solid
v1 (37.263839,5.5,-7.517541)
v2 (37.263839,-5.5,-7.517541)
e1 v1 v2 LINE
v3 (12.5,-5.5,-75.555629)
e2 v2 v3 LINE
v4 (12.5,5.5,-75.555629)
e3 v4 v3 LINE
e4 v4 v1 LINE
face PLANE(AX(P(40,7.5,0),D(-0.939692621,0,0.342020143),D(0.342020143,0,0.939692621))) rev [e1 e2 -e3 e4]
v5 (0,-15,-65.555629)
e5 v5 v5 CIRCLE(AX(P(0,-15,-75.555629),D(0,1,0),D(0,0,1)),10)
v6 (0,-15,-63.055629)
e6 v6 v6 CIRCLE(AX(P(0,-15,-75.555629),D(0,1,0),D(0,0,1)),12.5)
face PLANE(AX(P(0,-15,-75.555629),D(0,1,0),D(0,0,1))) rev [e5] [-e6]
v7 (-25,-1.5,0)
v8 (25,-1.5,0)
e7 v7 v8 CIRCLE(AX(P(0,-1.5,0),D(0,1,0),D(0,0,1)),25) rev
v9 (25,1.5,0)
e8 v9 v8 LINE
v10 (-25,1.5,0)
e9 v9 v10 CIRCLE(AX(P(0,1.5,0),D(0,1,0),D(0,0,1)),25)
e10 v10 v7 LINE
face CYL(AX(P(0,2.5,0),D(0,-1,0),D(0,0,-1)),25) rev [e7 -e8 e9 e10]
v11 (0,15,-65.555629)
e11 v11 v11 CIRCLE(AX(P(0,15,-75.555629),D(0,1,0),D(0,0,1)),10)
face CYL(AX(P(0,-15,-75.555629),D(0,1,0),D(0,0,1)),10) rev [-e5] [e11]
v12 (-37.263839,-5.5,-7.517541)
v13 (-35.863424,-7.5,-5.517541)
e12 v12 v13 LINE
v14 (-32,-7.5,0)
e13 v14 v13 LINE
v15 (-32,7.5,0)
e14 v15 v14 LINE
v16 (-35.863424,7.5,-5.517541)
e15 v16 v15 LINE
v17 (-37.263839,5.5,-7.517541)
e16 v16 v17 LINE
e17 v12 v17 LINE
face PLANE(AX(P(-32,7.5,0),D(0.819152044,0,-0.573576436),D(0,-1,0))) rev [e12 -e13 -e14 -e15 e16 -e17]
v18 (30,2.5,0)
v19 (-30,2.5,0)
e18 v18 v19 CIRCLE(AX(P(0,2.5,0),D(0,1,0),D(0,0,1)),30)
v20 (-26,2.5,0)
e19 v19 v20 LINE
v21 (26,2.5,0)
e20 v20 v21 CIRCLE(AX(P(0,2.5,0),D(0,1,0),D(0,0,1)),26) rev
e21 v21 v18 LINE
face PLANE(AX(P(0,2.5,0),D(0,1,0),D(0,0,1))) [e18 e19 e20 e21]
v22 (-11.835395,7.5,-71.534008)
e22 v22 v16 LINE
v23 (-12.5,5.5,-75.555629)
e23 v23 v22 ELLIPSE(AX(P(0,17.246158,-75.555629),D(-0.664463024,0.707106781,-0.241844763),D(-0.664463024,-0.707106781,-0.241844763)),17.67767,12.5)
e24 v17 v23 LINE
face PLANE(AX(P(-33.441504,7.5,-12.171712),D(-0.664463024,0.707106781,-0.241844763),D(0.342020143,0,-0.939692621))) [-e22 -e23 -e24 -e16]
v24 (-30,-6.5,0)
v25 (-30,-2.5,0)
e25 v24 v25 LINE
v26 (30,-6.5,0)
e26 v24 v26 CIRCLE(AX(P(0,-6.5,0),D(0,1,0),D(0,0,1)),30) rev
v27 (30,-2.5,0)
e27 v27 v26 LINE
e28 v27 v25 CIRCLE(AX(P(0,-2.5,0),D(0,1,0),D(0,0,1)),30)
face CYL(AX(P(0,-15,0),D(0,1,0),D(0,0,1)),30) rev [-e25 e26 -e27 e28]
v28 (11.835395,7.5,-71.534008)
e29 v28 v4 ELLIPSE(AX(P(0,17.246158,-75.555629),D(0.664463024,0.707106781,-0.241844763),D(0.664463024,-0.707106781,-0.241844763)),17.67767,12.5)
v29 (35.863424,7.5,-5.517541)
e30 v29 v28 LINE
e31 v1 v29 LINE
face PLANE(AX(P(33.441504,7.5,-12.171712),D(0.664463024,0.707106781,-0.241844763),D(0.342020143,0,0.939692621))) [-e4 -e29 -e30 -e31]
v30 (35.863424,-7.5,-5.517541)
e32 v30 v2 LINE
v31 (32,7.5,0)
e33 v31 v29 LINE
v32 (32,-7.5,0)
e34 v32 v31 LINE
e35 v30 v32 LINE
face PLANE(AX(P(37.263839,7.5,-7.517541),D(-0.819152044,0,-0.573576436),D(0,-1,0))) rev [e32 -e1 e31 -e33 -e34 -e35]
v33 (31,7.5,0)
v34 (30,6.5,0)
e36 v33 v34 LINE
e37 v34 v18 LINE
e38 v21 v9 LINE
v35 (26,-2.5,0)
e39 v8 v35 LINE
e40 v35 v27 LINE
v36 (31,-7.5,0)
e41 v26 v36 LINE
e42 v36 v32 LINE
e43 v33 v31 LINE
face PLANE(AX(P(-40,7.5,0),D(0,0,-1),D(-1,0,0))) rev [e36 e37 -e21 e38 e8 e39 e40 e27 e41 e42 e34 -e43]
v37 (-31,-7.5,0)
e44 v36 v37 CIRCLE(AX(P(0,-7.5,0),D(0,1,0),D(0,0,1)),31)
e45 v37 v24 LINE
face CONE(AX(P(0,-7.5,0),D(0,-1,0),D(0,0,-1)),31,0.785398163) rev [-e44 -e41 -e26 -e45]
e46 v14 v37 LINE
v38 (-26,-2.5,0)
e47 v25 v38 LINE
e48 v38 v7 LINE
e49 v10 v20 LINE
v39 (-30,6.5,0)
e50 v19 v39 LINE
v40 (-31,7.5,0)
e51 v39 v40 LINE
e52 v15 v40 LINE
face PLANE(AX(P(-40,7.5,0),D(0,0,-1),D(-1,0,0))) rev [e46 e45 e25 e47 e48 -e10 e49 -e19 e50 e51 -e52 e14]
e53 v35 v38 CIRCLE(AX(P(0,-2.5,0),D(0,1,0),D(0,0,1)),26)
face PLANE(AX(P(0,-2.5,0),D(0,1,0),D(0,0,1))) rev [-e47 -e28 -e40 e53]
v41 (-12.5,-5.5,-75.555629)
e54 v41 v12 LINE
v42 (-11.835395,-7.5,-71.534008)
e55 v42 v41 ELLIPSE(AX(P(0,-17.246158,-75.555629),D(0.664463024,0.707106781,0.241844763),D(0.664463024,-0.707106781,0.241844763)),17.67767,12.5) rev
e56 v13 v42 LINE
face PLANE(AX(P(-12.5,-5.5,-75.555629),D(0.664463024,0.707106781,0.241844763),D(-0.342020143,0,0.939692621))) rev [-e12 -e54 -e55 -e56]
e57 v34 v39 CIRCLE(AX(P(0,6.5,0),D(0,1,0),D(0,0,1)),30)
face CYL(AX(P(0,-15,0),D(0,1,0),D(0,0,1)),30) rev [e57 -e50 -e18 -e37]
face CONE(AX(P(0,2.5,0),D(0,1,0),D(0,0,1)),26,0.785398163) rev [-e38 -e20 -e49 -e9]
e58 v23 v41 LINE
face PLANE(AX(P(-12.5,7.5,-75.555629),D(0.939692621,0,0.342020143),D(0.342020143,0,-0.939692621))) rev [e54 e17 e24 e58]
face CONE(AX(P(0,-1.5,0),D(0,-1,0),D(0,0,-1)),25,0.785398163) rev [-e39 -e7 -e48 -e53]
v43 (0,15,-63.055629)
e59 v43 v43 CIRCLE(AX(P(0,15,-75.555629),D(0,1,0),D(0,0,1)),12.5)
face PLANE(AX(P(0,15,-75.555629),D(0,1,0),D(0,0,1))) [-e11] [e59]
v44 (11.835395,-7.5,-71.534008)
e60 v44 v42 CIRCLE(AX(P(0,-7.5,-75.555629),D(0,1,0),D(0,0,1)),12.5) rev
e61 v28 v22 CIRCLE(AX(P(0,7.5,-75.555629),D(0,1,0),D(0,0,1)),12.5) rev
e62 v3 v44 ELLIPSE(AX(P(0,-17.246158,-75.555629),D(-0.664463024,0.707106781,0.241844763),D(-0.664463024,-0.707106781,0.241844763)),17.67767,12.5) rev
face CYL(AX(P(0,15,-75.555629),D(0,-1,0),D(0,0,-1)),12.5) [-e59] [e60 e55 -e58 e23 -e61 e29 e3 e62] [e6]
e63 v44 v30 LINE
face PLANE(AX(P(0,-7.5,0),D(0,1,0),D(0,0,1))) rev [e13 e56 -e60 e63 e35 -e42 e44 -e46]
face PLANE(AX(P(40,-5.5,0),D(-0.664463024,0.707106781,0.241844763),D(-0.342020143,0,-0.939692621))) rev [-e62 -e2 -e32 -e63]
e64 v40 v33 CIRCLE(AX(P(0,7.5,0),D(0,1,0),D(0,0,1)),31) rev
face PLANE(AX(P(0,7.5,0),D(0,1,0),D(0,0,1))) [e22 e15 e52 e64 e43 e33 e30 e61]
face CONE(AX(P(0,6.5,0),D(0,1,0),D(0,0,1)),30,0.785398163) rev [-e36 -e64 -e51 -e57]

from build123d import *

# Parameters (mm, degrees)
BOSS_EXTRUDE1_DEPTH = 7.5
SKETCH2_R           = 12.5
BOSS_EXTRUDE2_DEPTH = 15
SKETCH3_R           = 30
CUT_EXTRUDE1_DEPTH  = 15
BOSS_EXTRUDE3_DEPTH = 2.5
SKETCH5_R           = 10
CUT_EXTRUDE2_DEPTH  = 102.261018189
CHAMFER1_SIZE       = 1
CHAMFER2_SIZE       = 8
CHAMFER3_SIZE       = 2


with BuildPart() as part:
    # Sketch1 → Boss-Extrude1 (new, symmetric)
    with BuildSketch(Plane(origin=(0, 0, 0), x_dir=(1, 0, 0), z_dir=(0, 1, 0))):
        Polygon((-40, 0), (40, 0), (12.5, 75.555629035), (-12.5, 75.555629035), align=None)
    extrude(amount=BOSS_EXTRUDE1_DEPTH, both=True)

    # Sketch2 → Boss-Extrude2 (add, symmetric)
    with BuildSketch(Plane(origin=(0, 0, 0), x_dir=(1, 0, 0), z_dir=(0, 1, 0))):
        with Locations(Location((0, 75.555629035, 0), (0, 0, 270))):
            Circle(SKETCH2_R)
    extrude(amount=BOSS_EXTRUDE2_DEPTH, both=True)

    # Sketch3 → Cut-Extrude1 (cut, symmetric)
    with BuildSketch(Plane(origin=(0, 0, 0), x_dir=(1, 0, 0), z_dir=(0, 1, 0))):
        Circle(SKETCH3_R)
    extrude(amount=CUT_EXTRUDE1_DEPTH, both=True, mode=Mode.SUBTRACT)

    # Sketch4 → Boss-Extrude3 (add, symmetric)
    with BuildSketch(Plane(origin=(0, 0, 0), x_dir=(1, 0, 0), z_dir=(0, 1, 0))):
        with BuildLine():
            Line((-30, 0), (-25, 0))
            ThreePointArc((-25, 0), (0, 25), (25, 0))
            Line((25, 0), (30, 0))
            ThreePointArc((30, 0), (0, 30), (-30, 0))
        make_face()
    extrude(amount=BOSS_EXTRUDE3_DEPTH, both=True)

    # Sketch5 → Cut-Extrude2 (cut, through all)
    with BuildSketch(Plane(origin=(0, 15, 0), x_dir=(1, 0, 0), z_dir=(0, 1, 0))):
        with Locations(Location((0, 75.555629035, 0), (0, 0, 270))):
            Circle(SKETCH5_R)
    extrude(amount=-CUT_EXTRUDE2_DEPTH, mode=Mode.SUBTRACT)

    # Chamfer1
    chamfer1_edges = [part.edges().sort_by_distance(p)[0] for p in [
        (0, -7.5, -30),
        (0, 7.5, -30),
        (0, -2.5, -25),
        (0, 2.5, -25),
    ]]
    chamfer(chamfer1_edges, length=CHAMFER1_SIZE)

    # Chamfer2
    chamfer2_edges = [part.edges().sort_by_distance(p)[0] for p in [
        (40, 0, 0),
        (-40, 0, 0),
    ]]
    chamfer(chamfer2_edges, length=CHAMFER2_SIZE)

    # Chamfer3
    chamfer3_edges = [part.edges().sort_by_distance(p)[0] for p in [
        (-24.881919427, 7.5, -41.536585001),
        (-24.881919427, -7.5, -41.536585001),
        (24.881919427, -7.5, -41.536585001),
        (24.881919427, 7.5, -41.536585001),
    ]]
    chamfer(chamfer3_edges, length=CHAMFER3_SIZE)


solid = part.part
